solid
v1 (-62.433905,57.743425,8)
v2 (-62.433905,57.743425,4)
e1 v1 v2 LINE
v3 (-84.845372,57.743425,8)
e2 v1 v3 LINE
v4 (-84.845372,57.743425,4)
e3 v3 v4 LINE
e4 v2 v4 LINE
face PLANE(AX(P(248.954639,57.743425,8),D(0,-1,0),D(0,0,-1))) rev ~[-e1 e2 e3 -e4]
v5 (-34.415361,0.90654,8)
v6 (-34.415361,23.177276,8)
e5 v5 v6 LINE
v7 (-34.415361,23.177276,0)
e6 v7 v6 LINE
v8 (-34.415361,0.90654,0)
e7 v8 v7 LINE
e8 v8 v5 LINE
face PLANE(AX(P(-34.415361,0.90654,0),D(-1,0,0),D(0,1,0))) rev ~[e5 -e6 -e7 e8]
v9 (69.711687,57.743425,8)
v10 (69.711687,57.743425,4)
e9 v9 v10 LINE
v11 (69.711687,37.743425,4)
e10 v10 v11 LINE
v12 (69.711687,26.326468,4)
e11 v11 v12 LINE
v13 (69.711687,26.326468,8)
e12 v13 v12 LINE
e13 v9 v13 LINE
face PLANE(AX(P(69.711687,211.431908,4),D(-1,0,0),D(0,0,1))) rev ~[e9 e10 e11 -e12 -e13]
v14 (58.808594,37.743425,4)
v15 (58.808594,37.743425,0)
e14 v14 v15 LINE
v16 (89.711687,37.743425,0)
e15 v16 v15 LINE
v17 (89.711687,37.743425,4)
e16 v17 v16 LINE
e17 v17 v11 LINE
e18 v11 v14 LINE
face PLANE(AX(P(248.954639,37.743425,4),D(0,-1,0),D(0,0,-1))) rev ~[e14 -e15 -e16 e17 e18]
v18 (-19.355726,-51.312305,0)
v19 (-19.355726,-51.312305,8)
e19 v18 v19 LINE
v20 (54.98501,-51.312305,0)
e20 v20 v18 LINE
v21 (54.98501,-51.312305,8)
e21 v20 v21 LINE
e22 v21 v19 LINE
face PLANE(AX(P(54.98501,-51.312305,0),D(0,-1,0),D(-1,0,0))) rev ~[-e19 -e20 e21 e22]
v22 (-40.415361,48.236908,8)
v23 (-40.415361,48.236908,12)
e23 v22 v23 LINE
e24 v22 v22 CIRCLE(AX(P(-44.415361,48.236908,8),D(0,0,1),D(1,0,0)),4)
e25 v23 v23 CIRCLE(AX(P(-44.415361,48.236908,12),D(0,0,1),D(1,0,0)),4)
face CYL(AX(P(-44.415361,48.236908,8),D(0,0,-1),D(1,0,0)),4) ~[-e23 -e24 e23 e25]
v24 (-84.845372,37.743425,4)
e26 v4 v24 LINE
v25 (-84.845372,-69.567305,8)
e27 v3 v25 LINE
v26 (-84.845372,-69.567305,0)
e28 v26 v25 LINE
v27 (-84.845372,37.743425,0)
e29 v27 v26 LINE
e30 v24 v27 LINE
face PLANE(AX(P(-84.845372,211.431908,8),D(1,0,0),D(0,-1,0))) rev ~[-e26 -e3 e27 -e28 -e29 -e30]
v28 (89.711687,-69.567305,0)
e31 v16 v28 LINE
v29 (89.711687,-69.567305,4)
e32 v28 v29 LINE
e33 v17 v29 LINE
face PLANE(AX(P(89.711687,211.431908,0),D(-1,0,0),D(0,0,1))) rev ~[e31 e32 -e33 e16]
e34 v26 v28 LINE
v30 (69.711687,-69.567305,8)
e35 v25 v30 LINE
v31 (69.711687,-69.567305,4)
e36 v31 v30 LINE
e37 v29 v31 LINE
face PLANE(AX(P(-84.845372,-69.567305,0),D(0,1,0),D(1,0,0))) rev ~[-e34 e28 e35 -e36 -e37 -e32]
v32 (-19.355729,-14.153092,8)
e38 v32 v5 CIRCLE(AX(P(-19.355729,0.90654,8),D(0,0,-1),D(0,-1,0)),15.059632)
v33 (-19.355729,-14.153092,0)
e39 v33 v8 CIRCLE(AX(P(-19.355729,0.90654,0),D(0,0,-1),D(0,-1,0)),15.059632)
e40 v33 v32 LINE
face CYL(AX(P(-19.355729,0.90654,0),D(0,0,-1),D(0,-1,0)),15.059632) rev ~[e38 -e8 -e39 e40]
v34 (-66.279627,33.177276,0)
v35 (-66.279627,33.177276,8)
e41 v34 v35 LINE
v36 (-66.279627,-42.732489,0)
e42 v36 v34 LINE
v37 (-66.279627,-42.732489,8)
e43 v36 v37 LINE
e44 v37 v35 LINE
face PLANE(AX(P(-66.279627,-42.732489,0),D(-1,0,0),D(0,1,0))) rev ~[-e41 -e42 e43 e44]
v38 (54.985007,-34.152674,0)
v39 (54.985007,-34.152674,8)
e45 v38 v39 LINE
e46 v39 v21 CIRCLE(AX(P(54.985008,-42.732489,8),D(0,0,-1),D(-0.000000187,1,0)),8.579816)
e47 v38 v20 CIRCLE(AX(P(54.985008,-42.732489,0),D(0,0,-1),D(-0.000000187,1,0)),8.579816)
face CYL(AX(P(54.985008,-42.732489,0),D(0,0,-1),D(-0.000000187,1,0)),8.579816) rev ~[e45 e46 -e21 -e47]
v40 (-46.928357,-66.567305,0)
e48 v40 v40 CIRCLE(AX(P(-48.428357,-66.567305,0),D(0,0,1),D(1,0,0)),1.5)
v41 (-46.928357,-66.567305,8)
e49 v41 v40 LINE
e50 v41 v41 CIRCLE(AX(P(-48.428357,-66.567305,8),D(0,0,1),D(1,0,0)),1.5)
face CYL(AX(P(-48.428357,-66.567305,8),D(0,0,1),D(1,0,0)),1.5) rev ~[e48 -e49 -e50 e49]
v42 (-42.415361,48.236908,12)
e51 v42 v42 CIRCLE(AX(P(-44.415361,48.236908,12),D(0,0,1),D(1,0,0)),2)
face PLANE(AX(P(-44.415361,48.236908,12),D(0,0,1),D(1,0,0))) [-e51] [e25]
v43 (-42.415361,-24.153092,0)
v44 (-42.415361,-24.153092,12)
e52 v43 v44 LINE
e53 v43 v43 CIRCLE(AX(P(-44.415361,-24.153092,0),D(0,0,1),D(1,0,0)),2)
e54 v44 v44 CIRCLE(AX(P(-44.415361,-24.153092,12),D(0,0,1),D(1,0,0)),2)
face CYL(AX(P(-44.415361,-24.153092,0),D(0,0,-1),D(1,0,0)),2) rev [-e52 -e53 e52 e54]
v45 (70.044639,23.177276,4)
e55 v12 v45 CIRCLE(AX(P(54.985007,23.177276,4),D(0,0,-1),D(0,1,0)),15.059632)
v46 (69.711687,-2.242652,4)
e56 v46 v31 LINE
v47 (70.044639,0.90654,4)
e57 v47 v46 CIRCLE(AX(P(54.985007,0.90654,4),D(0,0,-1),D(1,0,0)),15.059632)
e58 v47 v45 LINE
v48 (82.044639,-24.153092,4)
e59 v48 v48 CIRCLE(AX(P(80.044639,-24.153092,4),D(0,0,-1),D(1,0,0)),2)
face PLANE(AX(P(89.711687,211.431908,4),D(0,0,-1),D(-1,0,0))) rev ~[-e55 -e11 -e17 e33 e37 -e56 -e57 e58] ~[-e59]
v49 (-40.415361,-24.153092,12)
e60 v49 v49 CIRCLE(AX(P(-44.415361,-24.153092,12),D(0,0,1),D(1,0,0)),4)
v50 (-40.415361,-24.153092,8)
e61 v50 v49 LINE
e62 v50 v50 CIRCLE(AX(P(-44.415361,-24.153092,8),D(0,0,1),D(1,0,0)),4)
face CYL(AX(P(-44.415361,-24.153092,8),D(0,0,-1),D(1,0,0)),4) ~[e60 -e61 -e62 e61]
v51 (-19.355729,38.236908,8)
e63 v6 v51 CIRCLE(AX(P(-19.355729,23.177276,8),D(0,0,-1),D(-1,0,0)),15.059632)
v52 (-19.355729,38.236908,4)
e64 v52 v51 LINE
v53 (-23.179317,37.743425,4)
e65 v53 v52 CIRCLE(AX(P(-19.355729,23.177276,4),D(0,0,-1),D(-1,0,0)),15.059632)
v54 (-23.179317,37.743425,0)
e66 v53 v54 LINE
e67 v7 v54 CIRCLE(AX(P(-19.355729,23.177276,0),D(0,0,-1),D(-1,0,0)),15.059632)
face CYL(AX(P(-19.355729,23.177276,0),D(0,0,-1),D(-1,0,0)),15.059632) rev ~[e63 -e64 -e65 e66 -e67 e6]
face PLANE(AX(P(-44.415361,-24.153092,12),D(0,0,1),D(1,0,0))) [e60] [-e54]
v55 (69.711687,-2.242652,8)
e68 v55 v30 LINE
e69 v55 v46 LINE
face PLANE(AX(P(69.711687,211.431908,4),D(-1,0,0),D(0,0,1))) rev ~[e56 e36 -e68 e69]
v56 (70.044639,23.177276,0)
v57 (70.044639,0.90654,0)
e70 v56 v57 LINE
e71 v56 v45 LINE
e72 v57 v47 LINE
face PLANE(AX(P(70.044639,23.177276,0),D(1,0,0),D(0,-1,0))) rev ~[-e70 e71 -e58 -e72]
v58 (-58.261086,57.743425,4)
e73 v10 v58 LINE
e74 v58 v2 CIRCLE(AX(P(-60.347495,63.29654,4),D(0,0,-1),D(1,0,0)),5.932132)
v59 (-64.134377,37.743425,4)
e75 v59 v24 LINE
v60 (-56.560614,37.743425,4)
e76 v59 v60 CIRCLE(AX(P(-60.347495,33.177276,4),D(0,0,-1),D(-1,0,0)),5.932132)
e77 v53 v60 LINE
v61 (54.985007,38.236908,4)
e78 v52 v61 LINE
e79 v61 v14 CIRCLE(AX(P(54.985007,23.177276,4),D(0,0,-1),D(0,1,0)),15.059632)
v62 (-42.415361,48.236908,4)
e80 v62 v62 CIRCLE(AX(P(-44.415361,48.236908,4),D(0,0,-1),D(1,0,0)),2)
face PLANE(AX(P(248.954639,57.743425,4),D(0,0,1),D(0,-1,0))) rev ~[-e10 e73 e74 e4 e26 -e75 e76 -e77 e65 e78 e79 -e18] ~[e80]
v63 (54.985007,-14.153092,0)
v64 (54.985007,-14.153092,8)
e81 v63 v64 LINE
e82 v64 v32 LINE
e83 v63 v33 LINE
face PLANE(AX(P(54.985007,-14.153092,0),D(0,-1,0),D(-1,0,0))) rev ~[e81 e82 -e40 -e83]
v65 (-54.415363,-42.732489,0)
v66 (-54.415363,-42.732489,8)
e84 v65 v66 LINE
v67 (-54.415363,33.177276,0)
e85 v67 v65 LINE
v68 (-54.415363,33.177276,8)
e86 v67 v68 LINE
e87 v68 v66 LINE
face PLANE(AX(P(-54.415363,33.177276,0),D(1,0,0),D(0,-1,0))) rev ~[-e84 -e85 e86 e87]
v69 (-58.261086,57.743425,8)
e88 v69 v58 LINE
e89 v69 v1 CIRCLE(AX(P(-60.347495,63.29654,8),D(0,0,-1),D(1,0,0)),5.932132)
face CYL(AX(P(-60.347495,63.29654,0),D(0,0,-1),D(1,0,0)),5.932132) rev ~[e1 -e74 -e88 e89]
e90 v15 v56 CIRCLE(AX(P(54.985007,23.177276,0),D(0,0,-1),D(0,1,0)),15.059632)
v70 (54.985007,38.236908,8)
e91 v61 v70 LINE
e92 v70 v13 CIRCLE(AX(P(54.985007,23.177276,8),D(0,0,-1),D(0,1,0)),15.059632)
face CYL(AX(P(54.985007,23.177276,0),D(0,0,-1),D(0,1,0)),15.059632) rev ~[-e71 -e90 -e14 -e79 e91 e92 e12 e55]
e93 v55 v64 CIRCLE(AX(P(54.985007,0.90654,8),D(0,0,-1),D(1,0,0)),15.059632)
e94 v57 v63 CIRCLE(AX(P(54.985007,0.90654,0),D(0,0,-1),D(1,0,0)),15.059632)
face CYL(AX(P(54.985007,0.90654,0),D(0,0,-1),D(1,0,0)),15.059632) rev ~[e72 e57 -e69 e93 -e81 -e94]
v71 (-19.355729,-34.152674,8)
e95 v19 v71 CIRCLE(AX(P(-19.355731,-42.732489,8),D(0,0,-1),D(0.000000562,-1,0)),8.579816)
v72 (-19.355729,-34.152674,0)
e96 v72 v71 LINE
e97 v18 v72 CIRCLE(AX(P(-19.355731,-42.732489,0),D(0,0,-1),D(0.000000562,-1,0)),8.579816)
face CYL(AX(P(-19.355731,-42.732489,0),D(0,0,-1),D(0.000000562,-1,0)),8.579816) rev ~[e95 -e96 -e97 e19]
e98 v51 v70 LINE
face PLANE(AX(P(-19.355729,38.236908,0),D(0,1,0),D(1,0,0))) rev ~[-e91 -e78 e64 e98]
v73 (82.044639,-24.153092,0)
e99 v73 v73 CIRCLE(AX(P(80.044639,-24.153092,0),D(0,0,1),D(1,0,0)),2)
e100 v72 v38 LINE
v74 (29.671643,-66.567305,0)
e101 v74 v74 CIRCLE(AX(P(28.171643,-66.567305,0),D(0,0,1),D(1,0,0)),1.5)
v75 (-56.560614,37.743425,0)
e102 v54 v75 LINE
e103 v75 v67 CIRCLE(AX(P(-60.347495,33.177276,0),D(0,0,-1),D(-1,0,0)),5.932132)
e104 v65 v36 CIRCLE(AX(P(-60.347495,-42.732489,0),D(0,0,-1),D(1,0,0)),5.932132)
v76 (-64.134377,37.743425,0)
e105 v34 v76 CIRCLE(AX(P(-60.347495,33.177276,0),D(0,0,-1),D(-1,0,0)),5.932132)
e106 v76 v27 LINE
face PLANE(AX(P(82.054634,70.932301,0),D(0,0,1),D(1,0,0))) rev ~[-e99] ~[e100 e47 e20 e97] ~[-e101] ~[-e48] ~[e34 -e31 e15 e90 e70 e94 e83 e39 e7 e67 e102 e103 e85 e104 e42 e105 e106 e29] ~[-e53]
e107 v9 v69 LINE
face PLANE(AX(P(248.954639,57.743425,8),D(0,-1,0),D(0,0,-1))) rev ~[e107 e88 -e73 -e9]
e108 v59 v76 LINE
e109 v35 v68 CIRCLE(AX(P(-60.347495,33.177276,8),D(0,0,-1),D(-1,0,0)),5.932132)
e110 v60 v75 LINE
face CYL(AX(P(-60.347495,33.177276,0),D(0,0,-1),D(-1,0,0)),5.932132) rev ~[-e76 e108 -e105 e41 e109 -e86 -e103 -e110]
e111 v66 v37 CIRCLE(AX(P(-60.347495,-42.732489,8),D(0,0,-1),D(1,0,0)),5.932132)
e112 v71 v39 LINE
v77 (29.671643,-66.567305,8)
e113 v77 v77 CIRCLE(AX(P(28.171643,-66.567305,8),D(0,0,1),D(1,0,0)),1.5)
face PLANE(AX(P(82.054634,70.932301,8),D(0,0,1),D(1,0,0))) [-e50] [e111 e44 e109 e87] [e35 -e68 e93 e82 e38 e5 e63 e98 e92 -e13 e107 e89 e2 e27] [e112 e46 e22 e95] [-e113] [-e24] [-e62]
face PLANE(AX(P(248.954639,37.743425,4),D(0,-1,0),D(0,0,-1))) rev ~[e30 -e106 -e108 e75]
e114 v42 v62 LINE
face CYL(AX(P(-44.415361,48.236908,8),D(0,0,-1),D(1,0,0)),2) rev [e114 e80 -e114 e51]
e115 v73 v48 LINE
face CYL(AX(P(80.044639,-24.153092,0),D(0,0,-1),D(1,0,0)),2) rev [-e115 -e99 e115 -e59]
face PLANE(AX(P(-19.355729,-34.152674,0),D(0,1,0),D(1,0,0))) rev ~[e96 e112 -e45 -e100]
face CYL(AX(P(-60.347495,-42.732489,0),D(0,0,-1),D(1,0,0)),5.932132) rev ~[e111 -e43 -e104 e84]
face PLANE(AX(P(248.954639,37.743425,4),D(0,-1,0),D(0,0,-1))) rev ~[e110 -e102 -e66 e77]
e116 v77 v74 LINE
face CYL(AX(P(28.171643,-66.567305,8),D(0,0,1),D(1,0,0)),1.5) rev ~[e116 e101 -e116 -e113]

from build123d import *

# Parameters (mm, degrees)
F0_R      = 2
F1_DEPTH  = 8
F3_DEPTH  = 185
F5_DEPTH  = 5
F6_R      = 4
F6_R_2    = 2
F7_DEPTH  = 4
F9_DEPTH  = 340
F11_DEPTH = 320
F12_DEPTH = 190
F13_R     = 1.5
F14_DEPTH = 25


with BuildPart() as f1:
    # F0 (on Top) → F1 (new body)
    with BuildSketch(Plane.XY):
        Polygon((248.954638797, 211.431907829), (-84.8453715444, 211.431907829), (-84.8453715444, -69.5673050332), (248.954638797, -69.5673050332), (248.954638797, -32.408092171), align=None)
        with Locations((-44.415361203, -24.153092171)):
            Circle(F0_R, mode=Mode.SUBTRACT)
        with BuildLine():
            Line((-54.4153634839, 33.1772758796), (-54.4153634839, -42.7324894255))
            ThreePointArc((-54.4153634839, -42.7324894255), (-60.3474954333, -48.664621375), (-66.2796273828, -42.7324894255))
            Line((-66.2796273828, -42.7324894255), (-66.2796273828, 33.1772758796))
            ThreePointArc((-66.2796273828, 33.1772758796), (-60.3474954333, 39.109407829), (-54.4153634839, 33.1772758796))
        make_face(mode=Mode.SUBTRACT)
        with BuildLine():
            Line((-19.3557292535, -34.1526738179), (54.9850068476, -34.1526738179))
            ThreePointArc((54.9850068476, -34.1526738179), (63.5648240612, -42.7324878197), (54.9850100594, -51.3123050332))
            Line((54.9850100594, -51.3123050332), (-19.3557260418, -51.3123050332))
            ThreePointArc((-19.3557260418, -51.3123050332), (-27.9355464671, -42.7324910314), (-19.3557292535, -34.1526738179))
        make_face(mode=Mode.SUBTRACT)
        with Locations((80.044638797, -24.153092171)):
            Circle(F0_R, mode=Mode.SUBTRACT)
        with Locations((-44.415361203, 48.236907829)):
            Circle(F0_R, mode=Mode.SUBTRACT)
        with BuildLine():
            ThreePointArc((-34.415361203, 23.1772758796), (-30.0044971271, 33.8260437532), (-19.3557292535, 38.236907829))
            Line((-19.3557292535, 38.236907829), (54.9850068476, 38.236907829))
            ThreePointArc((54.9850068476, 38.236907829), (65.6337747212, 33.8260437532), (70.044638797, 23.1772758796))
            Line((70.044638797, 23.1772758796), (70.044638797, 0.9065397785))
            ThreePointArc((70.044638797, 0.9065397785), (65.6337747212, -9.7422280951), (54.9850068476, -14.153092171))
            Line((54.9850068476, -14.153092171), (-19.3557292535, -14.153092171))
            ThreePointArc((-19.3557292535, -14.153092171), (-30.0044971271, -9.7422280951), (-34.415361203, 0.9065397785))
            Line((-34.415361203, 0.9065397785), (-34.415361203, 23.1772758796))
        make_face(mode=Mode.SUBTRACT)
        with Locations((80.044638797, 48.236907829)):
            Circle(F0_R, mode=Mode.SUBTRACT)
        with BuildLine():
            ThreePointArc((212.4650068476, -34.1526738179), (221.0448240612, -42.7324878197), (212.4650100594, -51.3123050332))
            Line((212.4650100594, -51.3123050332), (105.1042739582, -51.3123050332))
            ThreePointArc((105.1042739582, -51.3123050332), (96.5244567447, -42.7324910314), (105.1042707465, -34.1526738179))
            Line((105.1042707465, -34.1526738179), (212.4650068476, -34.1526738179))
        make_face(mode=Mode.SUBTRACT)
        with Locations((237.524638797, -24.153092171)):
            Circle(F0_R, mode=Mode.SUBTRACT)
        with BuildLine():
            Line((90.044638797, 0.9065397785), (90.044638797, 23.1772758796))
            ThreePointArc((90.044638797, 23.1772758796), (94.4555028729, 33.8260437532), (105.1042707465, 38.236907829))
            Line((105.1042707465, 38.236907829), (212.4650068476, 38.236907829))
            ThreePointArc((212.4650068476, 38.236907829), (223.1137747212, 33.8260437532), (227.524638797, 23.1772758796))
            Line((227.524638797, 23.1772758796), (227.524638797, 0.9065397785))
            ThreePointArc((227.524638797, 0.9065397785), (223.1137747212, -9.7422280951), (212.4650068476, -14.153092171))
            Line((212.4650068476, -14.153092171), (105.1042707465, -14.153092171))
            ThreePointArc((105.1042707465, -14.153092171), (94.4555028729, -9.7422280951), (90.044638797, 0.9065397785))
        make_face(mode=Mode.SUBTRACT)
        with Locations((237.524638797, 48.236907829)):
            Circle(F0_R, mode=Mode.SUBTRACT)
        with BuildLine():
            Line((-54.4153634839, 180.316907829), (-54.4153634839, 63.2965397785))
            ThreePointArc((-54.4153634839, 63.2965397785), (-60.3474954333, 57.364407829), (-66.2796273828, 63.2965397785))
            Line((-66.2796273828, 63.2965397785), (-66.2796273828, 180.316907829))
            ThreePointArc((-66.2796273828, 180.316907829), (-60.3474954333, 186.2490397785), (-54.4153634839, 180.316907829))
        make_face(mode=Mode.SUBTRACT)
        with BuildLine():
            Line((-34.415361203, 73.2965397785), (-34.415361203, 178.1172758796))
            ThreePointArc((-34.415361203, 178.1172758796), (-30.0044971271, 188.7660437532), (-19.3557292535, 193.176907829))
            Line((-19.3557292535, 193.176907829), (54.9850068476, 193.176907829))
            ThreePointArc((54.9850068476, 193.176907829), (65.6337747212, 188.7660437532), (70.044638797, 178.1172758796))
            Line((70.044638797, 178.1172758796), (70.044638797, 73.2965397785))
            ThreePointArc((70.044638797, 73.2965397785), (65.6337747212, 62.6477719049), (54.9850068476, 58.236907829))
            Line((54.9850068476, 58.236907829), (-19.3557292535, 58.236907829))
            ThreePointArc((-19.3557292535, 58.236907829), (-30.0044971271, 62.6477719049), (-34.415361203, 73.2965397785))
        make_face(mode=Mode.SUBTRACT)
        with Locations((-44.415361203, 203.176907829)):
            Circle(F0_R, mode=Mode.SUBTRACT)
        with Locations((80.044638797, 203.176907829)):
            Circle(F0_R, mode=Mode.SUBTRACT)
        with BuildLine():
            ThreePointArc((227.524638797, 73.2965397785), (223.1137747212, 62.6477719049), (212.4650068476, 58.236907829))
            Line((212.4650068476, 58.236907829), (105.1042707465, 58.236907829))
            ThreePointArc((105.1042707465, 58.236907829), (94.4555028729, 62.6477719049), (90.044638797, 73.2965397785))
            Line((90.044638797, 73.2965397785), (90.044638797, 178.1172758796))
            ThreePointArc((90.044638797, 178.1172758796), (94.4555028729, 188.7660437532), (105.1042707465, 193.176907829))
            Line((105.1042707465, 193.176907829), (212.4650068476, 193.176907829))
            Line((212.4650068476, 193.176907829), (212.4650068476, 170.316907829))
            ThreePointArc((212.4650068476, 170.316907829), (223.1137747212, 165.9060437532), (227.524638797, 155.2572758796))
            Line((227.524638797, 155.2572758796), (227.524638797, 73.2965397785))
        make_face(mode=Mode.SUBTRACT)
        with Locations((237.524638797, 180.316907829)):
            Circle(F0_R, mode=Mode.SUBTRACT)
    extrude(amount=F1_DEPTH)

    # F2 (on face) → F3 (join)
    with BuildSketch(Plane.XY.offset(8)):
        Polygon((15.1546284556, 211.431907829), (-84.8453715444, 211.431907829), (-84.8453715444, 71.431907829), (-81.8453715444, 71.431907829), (-81.8453715444, 208.431907829), (15.1546284556, 208.431907829), align=None)
    extrude(amount=F3_DEPTH)

    # F4 (on face) → F5 (cut)
    with BuildSketch(Plane(origin=(-84.8453715444, 0, 0), x_dir=(0, -1, 0), z_dir=(-1, 0, 0))):
        Polygon((-169.016168882, 40), (-201.431907829, 143.5533241114), (-201.431907829, 40), align=None)
        Polygon((-71.431907829, 193), (-206.431907829, 193), (-158.5376649213, 40), (-71.431907829, 40), align=None)
    extrude(amount=-F5_DEPTH, mode=Mode.SUBTRACT)

    # F6 (on face) → F7 (join)
    with BuildSketch(Plane.XY.offset(8)):
        with Locations((-44.415361203, 48.236907829)):
            Circle(F6_R)
        with Locations((-44.415361203, 48.236907829)):
            Circle(F6_R_2, mode=Mode.SUBTRACT)
        with Locations((-44.415361203, -24.153092171)):
            Circle(F6_R)
        with Locations((-44.415361203, -24.153092171)):
            Circle(F6_R_2, mode=Mode.SUBTRACT)
    extrude(amount=F7_DEPTH)

    # F8 (on face) → F9 (cut)
    with BuildSketch(Plane.YZ.offset(248.954638797)):
        Polygon((57.7434247732, 4), (37.7434247732, 4), (37.7434247732, 0), (211.431907829, 0), (211.431907829, 8), (57.7434247732, 8), align=None)
    extrude(amount=-F9_DEPTH, mode=Mode.SUBTRACT)

    # F10 (on face) → F11 (cut)
    with BuildSketch(Plane(origin=(0, 211.431907829, 0), x_dir=(-1, 0, 0), z_dir=(0, 1, 0))):
        Polygon((-89.7116868198, 4), (-69.7116868198, 4), (-69.7116868198, 8), (-270.7538604736, 8), (-270.7538604736, -15.3804672882), (-89.7116868198, 0), align=None)
    extrude(amount=-F11_DEPTH, mode=Mode.SUBTRACT)

    # F12 (cut): a face of the model
    f12_faces = [f1.faces().sort_by_distance(p)[0] for p in [
        (13.4341634022, 209.931907829, 8),
    ]]
    extrude(f12_faces, amount=-F12_DEPTH, mode=Mode.SUBTRACT)

    # F13 (on face) → F14 (cut)
    with BuildSketch(Plane.XY.offset(8)):
        with Locations((28.1716429389, -66.5673050332)):
            Circle(F13_R)
        with Locations((-48.4283570611, -66.5673050332)):
            Circle(F13_R)
    extrude(amount=-F14_DEPTH, mode=Mode.SUBTRACT)


solid = f1.part
